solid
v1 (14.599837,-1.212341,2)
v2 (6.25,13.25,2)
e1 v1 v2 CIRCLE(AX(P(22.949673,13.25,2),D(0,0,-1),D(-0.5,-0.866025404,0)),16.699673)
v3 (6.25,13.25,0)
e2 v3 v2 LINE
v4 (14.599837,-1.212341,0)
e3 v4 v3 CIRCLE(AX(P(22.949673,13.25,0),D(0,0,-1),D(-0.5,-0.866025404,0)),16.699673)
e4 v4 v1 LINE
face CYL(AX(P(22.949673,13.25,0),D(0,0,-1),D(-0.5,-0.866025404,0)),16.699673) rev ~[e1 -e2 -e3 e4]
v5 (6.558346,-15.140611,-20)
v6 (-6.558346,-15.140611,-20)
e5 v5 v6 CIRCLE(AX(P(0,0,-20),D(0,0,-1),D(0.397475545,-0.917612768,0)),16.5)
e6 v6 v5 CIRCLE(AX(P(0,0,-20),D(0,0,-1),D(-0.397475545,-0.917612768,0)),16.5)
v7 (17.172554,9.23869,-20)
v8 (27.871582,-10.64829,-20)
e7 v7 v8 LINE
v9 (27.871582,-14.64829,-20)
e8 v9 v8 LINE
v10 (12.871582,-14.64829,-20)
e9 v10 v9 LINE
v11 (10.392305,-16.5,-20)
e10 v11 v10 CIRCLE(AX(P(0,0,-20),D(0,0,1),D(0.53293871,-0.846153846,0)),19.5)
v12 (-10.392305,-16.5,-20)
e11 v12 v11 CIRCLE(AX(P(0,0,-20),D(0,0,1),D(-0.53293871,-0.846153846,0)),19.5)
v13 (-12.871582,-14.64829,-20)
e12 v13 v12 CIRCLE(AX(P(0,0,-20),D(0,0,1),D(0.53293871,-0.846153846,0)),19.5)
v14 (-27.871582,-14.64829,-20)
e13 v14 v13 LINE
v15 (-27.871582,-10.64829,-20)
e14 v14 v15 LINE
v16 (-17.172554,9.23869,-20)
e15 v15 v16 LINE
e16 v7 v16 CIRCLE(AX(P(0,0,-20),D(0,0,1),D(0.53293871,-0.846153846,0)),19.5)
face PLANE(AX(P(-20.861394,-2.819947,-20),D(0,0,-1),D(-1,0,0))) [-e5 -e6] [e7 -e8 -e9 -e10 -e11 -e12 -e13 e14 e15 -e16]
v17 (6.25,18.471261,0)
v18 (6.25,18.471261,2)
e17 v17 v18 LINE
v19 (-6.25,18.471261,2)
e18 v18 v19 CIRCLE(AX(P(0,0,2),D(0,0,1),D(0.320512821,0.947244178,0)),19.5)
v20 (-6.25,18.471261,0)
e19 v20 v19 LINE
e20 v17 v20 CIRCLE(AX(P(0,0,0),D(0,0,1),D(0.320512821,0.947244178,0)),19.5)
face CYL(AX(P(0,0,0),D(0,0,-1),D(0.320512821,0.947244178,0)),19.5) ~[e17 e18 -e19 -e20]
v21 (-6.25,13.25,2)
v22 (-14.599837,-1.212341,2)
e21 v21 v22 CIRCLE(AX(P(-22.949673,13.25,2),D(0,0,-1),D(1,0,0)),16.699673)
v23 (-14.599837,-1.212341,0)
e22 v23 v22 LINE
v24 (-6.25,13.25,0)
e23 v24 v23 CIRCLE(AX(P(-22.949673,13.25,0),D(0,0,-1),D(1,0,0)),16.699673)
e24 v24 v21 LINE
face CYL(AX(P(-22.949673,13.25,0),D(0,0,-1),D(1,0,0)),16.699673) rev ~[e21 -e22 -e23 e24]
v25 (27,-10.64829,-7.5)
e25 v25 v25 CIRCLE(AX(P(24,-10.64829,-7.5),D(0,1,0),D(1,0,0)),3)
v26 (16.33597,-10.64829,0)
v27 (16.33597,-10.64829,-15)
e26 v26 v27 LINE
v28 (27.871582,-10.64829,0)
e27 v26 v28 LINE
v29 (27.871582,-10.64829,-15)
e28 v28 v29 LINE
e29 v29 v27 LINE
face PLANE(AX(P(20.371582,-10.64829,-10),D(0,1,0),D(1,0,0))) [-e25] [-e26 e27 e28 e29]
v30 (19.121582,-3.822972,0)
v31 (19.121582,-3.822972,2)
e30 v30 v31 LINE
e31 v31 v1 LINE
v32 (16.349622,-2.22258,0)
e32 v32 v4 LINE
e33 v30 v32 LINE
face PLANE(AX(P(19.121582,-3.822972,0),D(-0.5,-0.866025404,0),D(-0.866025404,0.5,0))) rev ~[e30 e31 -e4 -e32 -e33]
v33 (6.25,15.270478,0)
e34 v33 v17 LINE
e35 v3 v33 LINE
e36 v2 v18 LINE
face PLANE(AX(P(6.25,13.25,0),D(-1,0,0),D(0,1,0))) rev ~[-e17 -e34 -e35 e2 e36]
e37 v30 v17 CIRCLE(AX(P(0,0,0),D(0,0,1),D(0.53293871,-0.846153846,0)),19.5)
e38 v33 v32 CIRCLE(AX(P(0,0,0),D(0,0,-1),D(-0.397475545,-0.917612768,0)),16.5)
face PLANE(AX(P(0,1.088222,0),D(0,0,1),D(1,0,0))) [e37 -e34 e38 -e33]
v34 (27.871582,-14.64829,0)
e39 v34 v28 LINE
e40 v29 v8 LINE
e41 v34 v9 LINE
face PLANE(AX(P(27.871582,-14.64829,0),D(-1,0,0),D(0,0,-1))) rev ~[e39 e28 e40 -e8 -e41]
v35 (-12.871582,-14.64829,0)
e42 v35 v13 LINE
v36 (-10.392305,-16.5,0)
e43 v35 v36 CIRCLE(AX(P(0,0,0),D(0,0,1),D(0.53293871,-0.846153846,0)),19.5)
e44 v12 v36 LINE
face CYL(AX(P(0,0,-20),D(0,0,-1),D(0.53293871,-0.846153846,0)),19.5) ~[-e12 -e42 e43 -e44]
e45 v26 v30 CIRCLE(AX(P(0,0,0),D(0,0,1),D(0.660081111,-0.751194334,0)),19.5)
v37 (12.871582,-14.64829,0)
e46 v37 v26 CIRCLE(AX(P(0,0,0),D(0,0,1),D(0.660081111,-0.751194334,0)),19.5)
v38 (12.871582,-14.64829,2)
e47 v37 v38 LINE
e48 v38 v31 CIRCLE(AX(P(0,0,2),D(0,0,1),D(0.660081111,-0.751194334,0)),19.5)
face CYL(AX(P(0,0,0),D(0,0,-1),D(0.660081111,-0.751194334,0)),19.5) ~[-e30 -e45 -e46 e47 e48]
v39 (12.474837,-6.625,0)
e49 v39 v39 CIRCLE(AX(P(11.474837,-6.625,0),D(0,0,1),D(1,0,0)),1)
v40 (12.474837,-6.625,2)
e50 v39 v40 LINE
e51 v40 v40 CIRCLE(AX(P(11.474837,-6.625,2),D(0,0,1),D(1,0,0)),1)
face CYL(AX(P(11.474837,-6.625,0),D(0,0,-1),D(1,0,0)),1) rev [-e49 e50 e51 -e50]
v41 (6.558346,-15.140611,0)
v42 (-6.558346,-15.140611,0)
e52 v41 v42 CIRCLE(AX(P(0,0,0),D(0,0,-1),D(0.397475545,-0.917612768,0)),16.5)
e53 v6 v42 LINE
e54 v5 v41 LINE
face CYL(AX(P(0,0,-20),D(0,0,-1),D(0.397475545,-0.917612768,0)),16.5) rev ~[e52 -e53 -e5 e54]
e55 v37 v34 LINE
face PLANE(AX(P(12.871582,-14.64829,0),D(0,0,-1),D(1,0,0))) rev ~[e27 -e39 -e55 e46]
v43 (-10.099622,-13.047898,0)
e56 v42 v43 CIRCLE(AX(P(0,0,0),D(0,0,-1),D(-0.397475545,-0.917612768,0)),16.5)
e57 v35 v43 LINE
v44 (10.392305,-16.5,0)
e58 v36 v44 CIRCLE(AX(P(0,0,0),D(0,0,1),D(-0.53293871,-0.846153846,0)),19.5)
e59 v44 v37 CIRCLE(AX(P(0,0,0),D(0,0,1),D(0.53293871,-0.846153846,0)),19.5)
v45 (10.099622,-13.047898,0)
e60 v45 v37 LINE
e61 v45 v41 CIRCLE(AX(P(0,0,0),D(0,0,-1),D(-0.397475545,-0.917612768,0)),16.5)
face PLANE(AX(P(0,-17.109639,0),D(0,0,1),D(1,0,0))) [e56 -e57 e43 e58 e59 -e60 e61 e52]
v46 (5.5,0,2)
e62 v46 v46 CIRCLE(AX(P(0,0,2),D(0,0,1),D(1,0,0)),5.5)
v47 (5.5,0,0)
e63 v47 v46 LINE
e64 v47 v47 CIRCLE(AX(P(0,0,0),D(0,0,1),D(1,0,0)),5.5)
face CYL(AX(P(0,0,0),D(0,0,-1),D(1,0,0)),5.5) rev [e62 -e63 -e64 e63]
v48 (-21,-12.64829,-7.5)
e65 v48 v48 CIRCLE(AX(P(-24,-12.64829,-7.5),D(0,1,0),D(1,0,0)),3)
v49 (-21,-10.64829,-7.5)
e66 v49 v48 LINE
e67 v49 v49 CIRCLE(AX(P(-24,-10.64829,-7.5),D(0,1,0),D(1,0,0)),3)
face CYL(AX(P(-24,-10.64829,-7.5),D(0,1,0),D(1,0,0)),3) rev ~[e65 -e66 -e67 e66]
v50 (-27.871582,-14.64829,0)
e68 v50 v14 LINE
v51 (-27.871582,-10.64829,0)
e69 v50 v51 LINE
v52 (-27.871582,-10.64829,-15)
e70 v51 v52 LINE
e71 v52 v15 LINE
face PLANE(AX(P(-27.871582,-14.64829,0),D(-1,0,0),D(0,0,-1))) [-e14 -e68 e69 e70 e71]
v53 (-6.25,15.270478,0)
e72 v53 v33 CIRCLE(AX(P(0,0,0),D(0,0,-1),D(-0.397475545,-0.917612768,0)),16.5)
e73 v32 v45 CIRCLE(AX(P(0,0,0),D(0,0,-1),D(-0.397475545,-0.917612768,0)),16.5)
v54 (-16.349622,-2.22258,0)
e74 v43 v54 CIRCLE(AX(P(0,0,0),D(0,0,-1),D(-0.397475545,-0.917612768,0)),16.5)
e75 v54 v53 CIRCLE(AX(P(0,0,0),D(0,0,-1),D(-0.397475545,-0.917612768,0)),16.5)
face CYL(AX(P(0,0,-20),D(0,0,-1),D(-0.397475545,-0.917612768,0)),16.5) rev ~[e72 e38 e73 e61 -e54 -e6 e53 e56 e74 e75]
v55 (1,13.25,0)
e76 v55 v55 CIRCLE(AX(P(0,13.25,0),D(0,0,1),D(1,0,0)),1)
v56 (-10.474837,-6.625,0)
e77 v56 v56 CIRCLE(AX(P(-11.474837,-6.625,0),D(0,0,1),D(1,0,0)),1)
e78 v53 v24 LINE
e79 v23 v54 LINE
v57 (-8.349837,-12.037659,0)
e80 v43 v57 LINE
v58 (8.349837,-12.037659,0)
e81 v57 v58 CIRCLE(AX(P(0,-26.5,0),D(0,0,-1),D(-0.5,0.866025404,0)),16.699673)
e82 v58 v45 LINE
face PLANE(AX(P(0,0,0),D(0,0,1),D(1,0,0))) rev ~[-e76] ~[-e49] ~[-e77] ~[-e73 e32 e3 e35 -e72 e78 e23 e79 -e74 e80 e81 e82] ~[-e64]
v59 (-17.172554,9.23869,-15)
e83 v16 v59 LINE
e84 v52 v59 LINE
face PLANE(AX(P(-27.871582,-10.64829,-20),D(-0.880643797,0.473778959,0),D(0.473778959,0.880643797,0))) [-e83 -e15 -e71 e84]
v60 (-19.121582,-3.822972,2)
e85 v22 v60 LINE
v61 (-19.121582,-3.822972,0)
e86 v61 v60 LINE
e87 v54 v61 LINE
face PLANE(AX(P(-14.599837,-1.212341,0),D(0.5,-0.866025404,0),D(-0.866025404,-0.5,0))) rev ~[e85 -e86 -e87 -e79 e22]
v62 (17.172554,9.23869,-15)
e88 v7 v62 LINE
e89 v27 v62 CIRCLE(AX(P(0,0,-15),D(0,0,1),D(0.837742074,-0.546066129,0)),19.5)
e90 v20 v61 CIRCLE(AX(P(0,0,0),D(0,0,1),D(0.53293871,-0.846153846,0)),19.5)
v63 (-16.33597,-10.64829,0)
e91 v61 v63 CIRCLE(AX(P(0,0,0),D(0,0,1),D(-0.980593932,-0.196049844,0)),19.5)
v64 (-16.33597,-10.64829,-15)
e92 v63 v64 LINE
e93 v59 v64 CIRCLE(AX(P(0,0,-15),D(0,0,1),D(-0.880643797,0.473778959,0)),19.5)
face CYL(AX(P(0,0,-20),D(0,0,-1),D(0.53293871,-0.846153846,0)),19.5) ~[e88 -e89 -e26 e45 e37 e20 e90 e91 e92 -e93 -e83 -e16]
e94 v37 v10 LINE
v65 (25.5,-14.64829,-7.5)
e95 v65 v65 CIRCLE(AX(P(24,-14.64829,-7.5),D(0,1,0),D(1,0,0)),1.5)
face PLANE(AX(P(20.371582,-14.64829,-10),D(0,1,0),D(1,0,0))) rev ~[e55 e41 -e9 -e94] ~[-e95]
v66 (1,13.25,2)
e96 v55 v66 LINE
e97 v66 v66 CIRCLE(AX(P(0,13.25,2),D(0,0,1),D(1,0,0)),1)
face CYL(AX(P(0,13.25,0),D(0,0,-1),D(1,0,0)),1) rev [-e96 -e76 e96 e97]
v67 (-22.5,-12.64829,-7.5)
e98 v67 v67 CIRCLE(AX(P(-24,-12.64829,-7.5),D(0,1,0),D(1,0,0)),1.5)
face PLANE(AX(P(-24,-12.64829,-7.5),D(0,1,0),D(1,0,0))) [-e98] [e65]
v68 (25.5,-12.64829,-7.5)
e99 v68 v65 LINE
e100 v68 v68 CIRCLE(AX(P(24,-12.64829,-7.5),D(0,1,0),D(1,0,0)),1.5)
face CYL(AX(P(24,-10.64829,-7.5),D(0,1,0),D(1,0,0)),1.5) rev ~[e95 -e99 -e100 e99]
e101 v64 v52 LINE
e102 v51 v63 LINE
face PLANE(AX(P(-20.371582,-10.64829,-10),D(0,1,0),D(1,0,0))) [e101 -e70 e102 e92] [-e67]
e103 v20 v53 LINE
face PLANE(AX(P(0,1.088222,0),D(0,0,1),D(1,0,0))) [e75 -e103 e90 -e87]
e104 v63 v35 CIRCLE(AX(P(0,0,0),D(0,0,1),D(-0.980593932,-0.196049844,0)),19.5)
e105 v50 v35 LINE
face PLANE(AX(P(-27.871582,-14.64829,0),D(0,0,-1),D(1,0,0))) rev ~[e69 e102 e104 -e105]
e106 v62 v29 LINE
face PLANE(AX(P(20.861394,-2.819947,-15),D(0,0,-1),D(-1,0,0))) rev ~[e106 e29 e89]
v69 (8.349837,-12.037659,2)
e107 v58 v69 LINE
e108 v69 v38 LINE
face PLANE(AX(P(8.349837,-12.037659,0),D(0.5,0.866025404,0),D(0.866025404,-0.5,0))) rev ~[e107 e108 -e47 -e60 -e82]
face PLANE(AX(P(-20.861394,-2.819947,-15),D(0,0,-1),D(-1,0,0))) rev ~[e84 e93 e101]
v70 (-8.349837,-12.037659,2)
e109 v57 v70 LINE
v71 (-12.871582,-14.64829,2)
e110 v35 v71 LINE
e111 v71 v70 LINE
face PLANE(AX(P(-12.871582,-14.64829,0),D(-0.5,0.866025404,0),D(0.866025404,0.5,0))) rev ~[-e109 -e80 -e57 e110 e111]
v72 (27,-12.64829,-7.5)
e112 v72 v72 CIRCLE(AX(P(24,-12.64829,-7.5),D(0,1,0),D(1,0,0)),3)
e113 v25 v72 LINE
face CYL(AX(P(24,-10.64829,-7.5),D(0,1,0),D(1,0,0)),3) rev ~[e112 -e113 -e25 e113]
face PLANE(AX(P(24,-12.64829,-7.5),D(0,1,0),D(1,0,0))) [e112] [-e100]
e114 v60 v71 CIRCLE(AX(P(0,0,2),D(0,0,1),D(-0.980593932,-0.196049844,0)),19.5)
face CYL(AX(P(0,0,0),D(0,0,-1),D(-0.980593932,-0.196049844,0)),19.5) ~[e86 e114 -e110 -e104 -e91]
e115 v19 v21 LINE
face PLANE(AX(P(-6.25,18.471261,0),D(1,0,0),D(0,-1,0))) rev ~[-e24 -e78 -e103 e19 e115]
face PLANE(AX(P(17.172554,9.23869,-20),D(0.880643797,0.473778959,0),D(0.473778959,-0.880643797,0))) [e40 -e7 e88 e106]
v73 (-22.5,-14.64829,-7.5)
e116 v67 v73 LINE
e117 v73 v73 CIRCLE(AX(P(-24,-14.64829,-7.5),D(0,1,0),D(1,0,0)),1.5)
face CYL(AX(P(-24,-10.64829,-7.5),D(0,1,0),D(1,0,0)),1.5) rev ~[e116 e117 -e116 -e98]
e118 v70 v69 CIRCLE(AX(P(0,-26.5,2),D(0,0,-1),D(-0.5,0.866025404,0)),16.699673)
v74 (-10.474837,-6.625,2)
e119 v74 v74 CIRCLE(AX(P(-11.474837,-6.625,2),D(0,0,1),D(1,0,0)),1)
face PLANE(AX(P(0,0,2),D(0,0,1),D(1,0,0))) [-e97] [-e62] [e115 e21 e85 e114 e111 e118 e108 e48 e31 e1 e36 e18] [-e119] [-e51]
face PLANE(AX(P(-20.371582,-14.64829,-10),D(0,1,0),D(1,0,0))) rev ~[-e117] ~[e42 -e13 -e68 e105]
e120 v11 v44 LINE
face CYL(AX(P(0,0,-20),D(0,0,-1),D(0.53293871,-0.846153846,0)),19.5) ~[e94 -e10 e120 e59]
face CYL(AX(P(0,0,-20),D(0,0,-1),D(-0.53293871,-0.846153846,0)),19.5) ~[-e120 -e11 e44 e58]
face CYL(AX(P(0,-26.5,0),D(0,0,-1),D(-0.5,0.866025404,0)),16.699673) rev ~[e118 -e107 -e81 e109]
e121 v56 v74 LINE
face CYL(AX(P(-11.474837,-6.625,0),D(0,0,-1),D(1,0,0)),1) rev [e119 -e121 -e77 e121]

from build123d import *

# Parameters (mm, degrees)
SKETCH_1_R          = 5.5
SKETCH_1_R_2        = 1
EXTRUDE_1_DEPTH     = 2
EXTRUDE_START       = -20
EXTRUDE_2_DEPTH     = 20
EXTRUDE_3_DEPTH     = 20
SKETCH_6_W          = 15
SKETCH_6_H          = 20
EXTRUDE_9_DEPTH     = 4
EXTRUDE_10_DEPTH    = 5
EXTRUDE_11_DEPTH    = 5
SKETCH_9_R          = 1.5
CUT_EXTRUDE_3_DEPTH = 10
SKETCH_11_R         = 3
CUT_EXTRUDE_4_DEPTH = 2


with BuildPart() as part:
    # 草图1 → 凸台-拉伸1 (new body)
    with BuildSketch(Plane.XY):
        with BuildLine():
            Line((6.25, 13.25), (6.25, 18.471261462))
            ThreePointArc((6.25, 18.471261462), (0, 19.5), (-6.25, 18.471261462))
            Line((-6.25, 18.471261462), (-6.25, 13.25))
            ThreePointArc((-6.25, 13.25), (-8.487331974, 4.9001634), (-14.5998366, -1.212341226))
            Line((-14.5998366, -1.212341226), (-19.121581666, -3.822971957))
            ThreePointArc((-19.121581666, -3.822971957), (-16.887495374, -9.75), (-12.871581666, -14.648289505))
            Line((-12.871581666, -14.648289505), (-8.3498366, -12.037658774))
            ThreePointArc((-8.3498366, -12.037658774), (0, -9.8003268), (8.3498366, -12.037658774))
            Line((8.3498366, -12.037658774), (12.871581666, -14.648289505))
            ThreePointArc((12.871581666, -14.648289505), (16.887495374, -9.75), (19.121581666, -3.822971957))
            Line((19.121581666, -3.822971957), (14.5998366, -1.212341226))
            ThreePointArc((14.5998366, -1.212341226), (8.487331974, 4.9001634), (6.25, 13.25))
        make_face()
        Circle(SKETCH_1_R, mode=Mode.SUBTRACT)
        with Locations((0, 13.25)):
            Circle(SKETCH_1_R_2, mode=Mode.SUBTRACT)
        with Locations((11.4748366, -6.625)):
            Circle(SKETCH_1_R_2, mode=Mode.SUBTRACT)
        with Locations((-11.4748366, -6.625)):
            Circle(SKETCH_1_R_2, mode=Mode.SUBTRACT)
    extrude(amount=EXTRUDE_1_DEPTH)

    # 草图1<3> → 凸台-拉伸2 (add)
    with BuildSketch(Plane.XY.offset(EXTRUDE_START)):
        with BuildLine():
            Line((6.55834649, -15.140610665), (5.773502692, -16.5))
            Line((5.773502692, -16.5), (10.392304845, -16.5))
            ThreePointArc((10.392304845, -16.5), (0, 19.5), (-10.392304845, -16.5))
            Line((-10.392304845, -16.5), (-5.773502692, -16.5))
            Line((-5.773502692, -16.5), (-6.55834649, -15.140610665))
            ThreePointArc((-6.55834649, -15.140610665), (0, 16.5), (6.55834649, -15.140610665))
        make_face()
    extrude(amount=EXTRUDE_2_DEPTH)

    # 草图1<4> → 凸台-拉伸3 (add)
    with BuildSketch(Plane.XY.offset(EXTRUDE_START)):
        with BuildLine():
            Line((5.773502692, -16.5), (6.55834649, -15.140610665))
            ThreePointArc((6.55834649, -15.140610665), (0, -16.5), (-6.55834649, -15.140610665))
            Line((-6.55834649, -15.140610665), (-5.773502692, -16.5))
            Line((-5.773502692, -16.5), (-10.392304845, -16.5))
            ThreePointArc((-10.392304845, -16.5), (0, -19.5), (10.392304845, -16.5))
            Line((10.392304845, -16.5), (5.773502692, -16.5))
        make_face()
    extrude(amount=EXTRUDE_3_DEPTH)

    # 草图6 → 凸台-拉伸9 (add)
    with BuildSketch(Plane(origin=(0, -14.648289505, 0), x_dir=(1, 0, 0), z_dir=(0, 1, 0))):
        with Locations((-20.371581666, 10)):
            Rectangle(SKETCH_6_W, SKETCH_6_H)
        with Locations((20.371581666, 10)):
            Rectangle(SKETCH_6_W, SKETCH_6_H)
    extrude(amount=EXTRUDE_9_DEPTH)

    # 草图8 → 凸台-拉伸10 (add)
    with BuildSketch(Plane(origin=(0, 0, -20), x_dir=(-1, 0, 0), z_dir=(0, 0, -1))):
        with BuildLine():
            Line((-17.172554049, 9.238689703), (-27.871581666, -10.648289505))
            Line((-27.871581666, -10.648289505), (-16.335970452, -10.648289505))
            ThreePointArc((-16.335970452, -10.648289505), (-19.48276903, -0.819579727), (-17.172554049, 9.238689703))
        make_face()
    extrude(amount=-EXTRUDE_10_DEPTH)

    # 草图8<3> → 凸台-拉伸11 (add)
    with BuildSketch(Plane(origin=(0, 0, -20), x_dir=(-1, 0, 0), z_dir=(0, 0, -1))):
        with BuildLine():
            Line((27.871581666, -10.648289505), (17.172554049, 9.238689703))
            ThreePointArc((17.172554049, 9.238689703), (19.48276903, -0.819579727), (16.335970452, -10.648289505))
            Line((16.335970452, -10.648289505), (27.871581666, -10.648289505))
        make_face()
    extrude(amount=-EXTRUDE_11_DEPTH)

    # 草图9 → 切除-拉伸3 (cut)
    with BuildSketch(Plane(origin=(0, -10.648289505, 0), x_dir=(1, 0, 0), z_dir=(0, 1, 0))):
        with Locations((24, 7.5)):
            Circle(SKETCH_9_R)
        with Locations((-24, 7.5)):
            Circle(SKETCH_9_R)
    extrude(amount=-CUT_EXTRUDE_3_DEPTH, mode=Mode.SUBTRACT)

    # 草图11 → 切除-拉伸4 (cut)
    with BuildSketch(Plane(origin=(0, -10.648289505, 0), x_dir=(1, 0, 0), z_dir=(0, 1, 0))):
        with Locations((-24, 7.5)):
            Circle(SKETCH_11_R)
        with Locations((24, 7.5)):
            Circle(SKETCH_11_R)
    extrude(amount=-CUT_EXTRUDE_4_DEPTH, mode=Mode.SUBTRACT)


solid = part.part
